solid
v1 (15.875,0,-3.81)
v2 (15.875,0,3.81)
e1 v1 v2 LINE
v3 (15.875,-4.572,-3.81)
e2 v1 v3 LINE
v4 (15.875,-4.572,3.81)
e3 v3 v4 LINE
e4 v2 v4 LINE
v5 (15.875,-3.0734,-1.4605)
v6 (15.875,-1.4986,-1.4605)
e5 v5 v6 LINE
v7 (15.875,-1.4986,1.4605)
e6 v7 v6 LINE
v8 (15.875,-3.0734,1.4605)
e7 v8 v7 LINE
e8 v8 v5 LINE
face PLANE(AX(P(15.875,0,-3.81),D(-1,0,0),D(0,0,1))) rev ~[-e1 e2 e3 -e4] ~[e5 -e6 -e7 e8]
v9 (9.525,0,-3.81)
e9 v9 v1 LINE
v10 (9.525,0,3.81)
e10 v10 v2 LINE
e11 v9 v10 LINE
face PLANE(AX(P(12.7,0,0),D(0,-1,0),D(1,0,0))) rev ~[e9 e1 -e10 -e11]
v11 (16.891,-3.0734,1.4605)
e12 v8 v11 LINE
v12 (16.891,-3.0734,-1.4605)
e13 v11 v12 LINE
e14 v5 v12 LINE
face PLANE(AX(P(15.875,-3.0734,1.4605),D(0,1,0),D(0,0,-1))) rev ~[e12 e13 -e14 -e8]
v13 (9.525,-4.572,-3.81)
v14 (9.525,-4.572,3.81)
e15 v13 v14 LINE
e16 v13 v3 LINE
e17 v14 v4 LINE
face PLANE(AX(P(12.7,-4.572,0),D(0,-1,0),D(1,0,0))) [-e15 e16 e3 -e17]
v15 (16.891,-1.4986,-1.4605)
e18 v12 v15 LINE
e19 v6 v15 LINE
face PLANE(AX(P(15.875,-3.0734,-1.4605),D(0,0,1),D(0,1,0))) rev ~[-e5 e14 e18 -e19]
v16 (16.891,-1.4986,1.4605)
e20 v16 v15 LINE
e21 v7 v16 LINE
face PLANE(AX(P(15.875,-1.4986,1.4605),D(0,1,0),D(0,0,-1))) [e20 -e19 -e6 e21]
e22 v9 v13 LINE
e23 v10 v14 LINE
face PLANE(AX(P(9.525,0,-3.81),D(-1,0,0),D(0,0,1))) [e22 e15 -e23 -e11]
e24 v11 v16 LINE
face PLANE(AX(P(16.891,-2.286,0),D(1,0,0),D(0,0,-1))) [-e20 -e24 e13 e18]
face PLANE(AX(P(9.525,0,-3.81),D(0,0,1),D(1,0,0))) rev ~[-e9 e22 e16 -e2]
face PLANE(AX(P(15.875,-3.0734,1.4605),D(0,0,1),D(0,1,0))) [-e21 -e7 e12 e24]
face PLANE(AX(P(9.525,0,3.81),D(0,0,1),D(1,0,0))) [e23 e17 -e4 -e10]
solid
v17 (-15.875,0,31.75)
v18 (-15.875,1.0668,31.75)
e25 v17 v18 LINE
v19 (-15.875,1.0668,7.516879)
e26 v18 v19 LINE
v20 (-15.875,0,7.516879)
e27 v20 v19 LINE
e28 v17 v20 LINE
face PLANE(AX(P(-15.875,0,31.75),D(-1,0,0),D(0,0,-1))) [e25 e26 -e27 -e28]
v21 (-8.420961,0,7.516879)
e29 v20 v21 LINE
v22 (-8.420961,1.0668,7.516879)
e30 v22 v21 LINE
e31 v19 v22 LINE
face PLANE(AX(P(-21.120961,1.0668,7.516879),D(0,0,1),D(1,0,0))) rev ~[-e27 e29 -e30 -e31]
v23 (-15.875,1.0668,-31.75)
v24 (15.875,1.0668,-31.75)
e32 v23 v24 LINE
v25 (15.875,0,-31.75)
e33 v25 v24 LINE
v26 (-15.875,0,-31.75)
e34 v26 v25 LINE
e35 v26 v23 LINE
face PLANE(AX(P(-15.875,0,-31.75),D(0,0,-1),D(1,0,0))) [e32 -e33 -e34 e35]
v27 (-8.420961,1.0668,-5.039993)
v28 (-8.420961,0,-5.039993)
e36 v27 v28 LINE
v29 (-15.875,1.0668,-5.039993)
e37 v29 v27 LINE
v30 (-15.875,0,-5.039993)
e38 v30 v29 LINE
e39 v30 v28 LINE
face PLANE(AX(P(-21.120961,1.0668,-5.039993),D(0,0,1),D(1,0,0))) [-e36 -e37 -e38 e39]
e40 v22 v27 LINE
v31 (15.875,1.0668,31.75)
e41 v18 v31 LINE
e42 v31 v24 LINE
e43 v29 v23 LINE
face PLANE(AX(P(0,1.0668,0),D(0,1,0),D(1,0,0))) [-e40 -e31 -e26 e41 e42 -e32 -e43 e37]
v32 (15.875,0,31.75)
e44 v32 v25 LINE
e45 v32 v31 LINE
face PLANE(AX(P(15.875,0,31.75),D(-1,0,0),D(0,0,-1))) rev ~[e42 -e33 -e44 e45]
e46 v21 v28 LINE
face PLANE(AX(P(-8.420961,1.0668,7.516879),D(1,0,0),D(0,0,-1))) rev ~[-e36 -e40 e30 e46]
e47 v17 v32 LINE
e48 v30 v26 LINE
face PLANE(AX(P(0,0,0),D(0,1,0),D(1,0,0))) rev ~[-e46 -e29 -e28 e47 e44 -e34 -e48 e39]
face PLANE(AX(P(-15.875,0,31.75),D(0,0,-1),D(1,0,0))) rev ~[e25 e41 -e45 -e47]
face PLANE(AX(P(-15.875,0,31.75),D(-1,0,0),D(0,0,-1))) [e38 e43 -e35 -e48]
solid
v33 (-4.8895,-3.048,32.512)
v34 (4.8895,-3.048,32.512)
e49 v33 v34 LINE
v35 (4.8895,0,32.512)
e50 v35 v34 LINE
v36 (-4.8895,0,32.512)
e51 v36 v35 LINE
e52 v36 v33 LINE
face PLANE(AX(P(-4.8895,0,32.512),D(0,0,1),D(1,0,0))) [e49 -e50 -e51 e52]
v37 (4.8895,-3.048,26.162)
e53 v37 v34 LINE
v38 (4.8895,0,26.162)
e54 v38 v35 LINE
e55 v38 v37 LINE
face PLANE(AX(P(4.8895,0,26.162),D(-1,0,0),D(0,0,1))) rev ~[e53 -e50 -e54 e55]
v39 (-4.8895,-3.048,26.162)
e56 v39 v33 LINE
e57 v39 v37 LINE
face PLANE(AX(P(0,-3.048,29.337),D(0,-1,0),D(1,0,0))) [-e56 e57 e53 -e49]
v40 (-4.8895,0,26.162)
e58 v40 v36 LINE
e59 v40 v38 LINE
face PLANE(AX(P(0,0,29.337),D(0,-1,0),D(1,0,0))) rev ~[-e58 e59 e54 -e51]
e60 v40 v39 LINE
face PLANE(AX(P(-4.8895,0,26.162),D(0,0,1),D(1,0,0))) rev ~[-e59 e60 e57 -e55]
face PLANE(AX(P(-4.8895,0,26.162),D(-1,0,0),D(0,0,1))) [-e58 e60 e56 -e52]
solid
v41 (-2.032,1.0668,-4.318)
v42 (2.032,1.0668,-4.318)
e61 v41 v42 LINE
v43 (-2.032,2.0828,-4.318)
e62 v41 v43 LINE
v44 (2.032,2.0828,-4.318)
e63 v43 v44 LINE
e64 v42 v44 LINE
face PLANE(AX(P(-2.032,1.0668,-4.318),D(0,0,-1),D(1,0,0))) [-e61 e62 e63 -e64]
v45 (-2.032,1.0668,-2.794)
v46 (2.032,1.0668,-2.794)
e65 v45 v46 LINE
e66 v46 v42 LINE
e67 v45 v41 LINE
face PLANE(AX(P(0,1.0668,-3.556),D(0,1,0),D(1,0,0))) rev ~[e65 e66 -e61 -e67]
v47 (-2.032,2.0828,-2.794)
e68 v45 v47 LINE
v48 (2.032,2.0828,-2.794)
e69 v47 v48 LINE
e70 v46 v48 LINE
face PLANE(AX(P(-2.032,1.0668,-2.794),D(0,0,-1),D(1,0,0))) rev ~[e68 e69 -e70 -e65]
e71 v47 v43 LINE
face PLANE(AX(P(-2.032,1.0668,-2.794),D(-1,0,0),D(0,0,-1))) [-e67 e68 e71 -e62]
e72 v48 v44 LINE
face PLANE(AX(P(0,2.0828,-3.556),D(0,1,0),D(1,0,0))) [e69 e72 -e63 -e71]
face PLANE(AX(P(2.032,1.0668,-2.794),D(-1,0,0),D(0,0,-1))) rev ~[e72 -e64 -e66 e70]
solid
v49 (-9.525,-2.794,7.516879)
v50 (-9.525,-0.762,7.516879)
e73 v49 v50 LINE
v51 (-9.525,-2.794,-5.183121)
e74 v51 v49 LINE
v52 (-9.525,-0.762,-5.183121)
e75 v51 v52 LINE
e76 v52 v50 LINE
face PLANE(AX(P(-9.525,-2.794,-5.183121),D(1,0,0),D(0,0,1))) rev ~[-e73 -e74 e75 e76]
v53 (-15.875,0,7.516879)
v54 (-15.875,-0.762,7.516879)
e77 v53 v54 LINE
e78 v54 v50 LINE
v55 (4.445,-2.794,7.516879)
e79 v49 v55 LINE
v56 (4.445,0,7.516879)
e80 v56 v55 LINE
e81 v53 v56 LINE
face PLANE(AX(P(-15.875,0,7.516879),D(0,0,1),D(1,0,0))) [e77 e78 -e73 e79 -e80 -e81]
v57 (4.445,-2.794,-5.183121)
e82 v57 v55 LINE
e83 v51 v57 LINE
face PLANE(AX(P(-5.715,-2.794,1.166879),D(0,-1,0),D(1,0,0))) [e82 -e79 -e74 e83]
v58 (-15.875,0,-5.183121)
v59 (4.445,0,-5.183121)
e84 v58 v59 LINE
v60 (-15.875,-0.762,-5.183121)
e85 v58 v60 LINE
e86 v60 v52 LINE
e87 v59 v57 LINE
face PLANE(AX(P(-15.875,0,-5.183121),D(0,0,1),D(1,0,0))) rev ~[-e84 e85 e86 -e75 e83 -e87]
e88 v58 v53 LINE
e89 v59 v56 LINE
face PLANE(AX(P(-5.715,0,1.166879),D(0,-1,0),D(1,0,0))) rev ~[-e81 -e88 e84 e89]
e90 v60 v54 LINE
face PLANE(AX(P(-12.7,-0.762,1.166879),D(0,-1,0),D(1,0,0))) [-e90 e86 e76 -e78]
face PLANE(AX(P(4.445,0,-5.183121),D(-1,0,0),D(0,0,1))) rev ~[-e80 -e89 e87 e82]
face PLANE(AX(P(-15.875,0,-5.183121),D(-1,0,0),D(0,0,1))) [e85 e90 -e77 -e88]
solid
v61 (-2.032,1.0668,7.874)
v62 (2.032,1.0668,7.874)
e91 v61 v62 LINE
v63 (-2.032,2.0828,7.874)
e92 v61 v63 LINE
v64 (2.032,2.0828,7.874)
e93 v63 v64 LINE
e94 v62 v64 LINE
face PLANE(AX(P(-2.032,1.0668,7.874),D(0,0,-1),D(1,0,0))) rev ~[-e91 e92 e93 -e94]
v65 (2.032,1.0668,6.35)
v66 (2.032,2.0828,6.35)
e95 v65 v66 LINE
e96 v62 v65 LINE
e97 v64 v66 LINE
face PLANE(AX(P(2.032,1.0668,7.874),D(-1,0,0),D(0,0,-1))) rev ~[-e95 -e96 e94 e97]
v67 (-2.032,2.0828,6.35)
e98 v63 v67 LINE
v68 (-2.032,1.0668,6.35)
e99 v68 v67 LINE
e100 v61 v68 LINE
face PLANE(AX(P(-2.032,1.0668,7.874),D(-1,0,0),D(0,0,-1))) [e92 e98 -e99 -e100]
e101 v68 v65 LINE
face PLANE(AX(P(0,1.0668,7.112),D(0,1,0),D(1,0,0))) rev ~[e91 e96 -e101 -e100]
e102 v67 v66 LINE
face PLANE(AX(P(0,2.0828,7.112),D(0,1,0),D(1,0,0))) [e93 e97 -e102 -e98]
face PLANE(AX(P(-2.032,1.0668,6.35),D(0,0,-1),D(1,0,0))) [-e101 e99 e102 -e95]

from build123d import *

# Parameters (mm, degrees)
SKETCH1_W             = 31.75
SKETCH1_H             = 63.5
BAREBOARD_DEPTH       = 1.0668
SKETCH2_W             = 9.779
SKETCH2_H             = 6.35
USB_DEPTH             = 3.048
SKETCH3_W             = 4.064
SKETCH3_H             = 1.524
SIDEFIRE_LEDS_DEPTH   = 1.016
SIDEFIRE_LEDS_2_DEPTH = 1.016
SKETCH4_W             = 20.32
SKETCH4_H             = 12.7
BLE_RADIO_DEPTH       = 2.794
SKETCH5_W             = 6.35
SKETCH5_H             = 12.7
CUT_BLE1_DEPTH        = 2.032
SKETCH6_W             = 12.7
SKETCH6_H             = 12.556872392
CUT_BLE2_DEPTH        = 1.0668
SKETCH7_W             = 6.35
SKETCH7_H             = 7.62
SWITCHBASE_DEPTH      = 4.572
SKETCH8_W             = 2.921
SKETCH8_H             = 1.5748
BUTTONSWITCH_DEPTH    = 1.016


with BuildPart() as part:
    # Sketch1 → BareBoard (new body)
    with BuildSketch(Plane(origin=(0, 0, 0), x_dir=(1, 0, 0), z_dir=(0, 1, 0))):
        Rectangle(SKETCH1_W, SKETCH1_H)
    extrude(amount=BAREBOARD_DEPTH)

    # Sketch6 → Cut-BLE2 (cut)
    with BuildSketch(Plane(origin=(0, 1.0668, 0), x_dir=(1, 0, 0), z_dir=(0, 1, 0))):
        with Locations((-14.770961261, -1.238442872)):
            Rectangle(SKETCH6_W, SKETCH6_H)
    extrude(amount=-CUT_BLE2_DEPTH, mode=Mode.SUBTRACT)


with BuildPart() as body_2:
    # Sketch2 → USB (new body)
    with BuildSketch(Plane.XZ):
        with Locations((0, 29.337)):
            Rectangle(SKETCH2_W, SKETCH2_H)
    extrude(amount=USB_DEPTH)


with BuildPart() as body_3:
    # Sketch3 → SideFire LEDs (new body)
    with BuildSketch(Plane(origin=(0, 1.0668, 0), x_dir=(1, 0, 0), z_dir=(0, 1, 0))):
        with Locations((0, 3.556)):
            Rectangle(SKETCH3_W, SKETCH3_H)
    extrude(amount=SIDEFIRE_LEDS_DEPTH)


with BuildPart() as body_4:
    # Sketch3 → SideFire LEDs 2 (new body)
    with BuildSketch(Plane(origin=(0, 1.0668, 0), x_dir=(1, 0, 0), z_dir=(0, 1, 0))):
        with Locations((0, -7.112)):
            Rectangle(SKETCH3_W, SKETCH3_H)
    extrude(amount=SIDEFIRE_LEDS_2_DEPTH)


with BuildPart() as body_5:
    # Sketch4 → BLE Radio (new body)
    with BuildSketch(Plane.XZ):
        with Locations((-5.715, 1.166879068)):
            Rectangle(SKETCH4_W, SKETCH4_H)
    extrude(amount=BLE_RADIO_DEPTH)

    # Sketch5 → Cut-BLE1 (cut)
    with BuildSketch(Plane.XZ.offset(2.794)):
        with Locations((-12.7, 1.166879068)):
            Rectangle(SKETCH5_W, SKETCH5_H)
    extrude(amount=-CUT_BLE1_DEPTH, mode=Mode.SUBTRACT)


with BuildPart() as body_6:
    # Sketch7 → SwitchBase (new body)
    with BuildSketch(Plane.XZ):
        with Locations((12.7, 0)):
            Rectangle(SKETCH7_W, SKETCH7_H)
    extrude(amount=SWITCHBASE_DEPTH)

    # Sketch8 → ButtonSwitch (add)
    with BuildSketch(Plane(origin=(15.875, 0, 0), x_dir=(0, 0, -1), z_dir=(1, 0, 0))):
        with Locations((0, -2.286)):
            Rectangle(SKETCH8_W, SKETCH8_H)
    extrude(amount=BUTTONSWITCH_DEPTH)


solid = Compound([part.part, body_2.part, body_3.part, body_4.part, body_5.part, body_6.part])
